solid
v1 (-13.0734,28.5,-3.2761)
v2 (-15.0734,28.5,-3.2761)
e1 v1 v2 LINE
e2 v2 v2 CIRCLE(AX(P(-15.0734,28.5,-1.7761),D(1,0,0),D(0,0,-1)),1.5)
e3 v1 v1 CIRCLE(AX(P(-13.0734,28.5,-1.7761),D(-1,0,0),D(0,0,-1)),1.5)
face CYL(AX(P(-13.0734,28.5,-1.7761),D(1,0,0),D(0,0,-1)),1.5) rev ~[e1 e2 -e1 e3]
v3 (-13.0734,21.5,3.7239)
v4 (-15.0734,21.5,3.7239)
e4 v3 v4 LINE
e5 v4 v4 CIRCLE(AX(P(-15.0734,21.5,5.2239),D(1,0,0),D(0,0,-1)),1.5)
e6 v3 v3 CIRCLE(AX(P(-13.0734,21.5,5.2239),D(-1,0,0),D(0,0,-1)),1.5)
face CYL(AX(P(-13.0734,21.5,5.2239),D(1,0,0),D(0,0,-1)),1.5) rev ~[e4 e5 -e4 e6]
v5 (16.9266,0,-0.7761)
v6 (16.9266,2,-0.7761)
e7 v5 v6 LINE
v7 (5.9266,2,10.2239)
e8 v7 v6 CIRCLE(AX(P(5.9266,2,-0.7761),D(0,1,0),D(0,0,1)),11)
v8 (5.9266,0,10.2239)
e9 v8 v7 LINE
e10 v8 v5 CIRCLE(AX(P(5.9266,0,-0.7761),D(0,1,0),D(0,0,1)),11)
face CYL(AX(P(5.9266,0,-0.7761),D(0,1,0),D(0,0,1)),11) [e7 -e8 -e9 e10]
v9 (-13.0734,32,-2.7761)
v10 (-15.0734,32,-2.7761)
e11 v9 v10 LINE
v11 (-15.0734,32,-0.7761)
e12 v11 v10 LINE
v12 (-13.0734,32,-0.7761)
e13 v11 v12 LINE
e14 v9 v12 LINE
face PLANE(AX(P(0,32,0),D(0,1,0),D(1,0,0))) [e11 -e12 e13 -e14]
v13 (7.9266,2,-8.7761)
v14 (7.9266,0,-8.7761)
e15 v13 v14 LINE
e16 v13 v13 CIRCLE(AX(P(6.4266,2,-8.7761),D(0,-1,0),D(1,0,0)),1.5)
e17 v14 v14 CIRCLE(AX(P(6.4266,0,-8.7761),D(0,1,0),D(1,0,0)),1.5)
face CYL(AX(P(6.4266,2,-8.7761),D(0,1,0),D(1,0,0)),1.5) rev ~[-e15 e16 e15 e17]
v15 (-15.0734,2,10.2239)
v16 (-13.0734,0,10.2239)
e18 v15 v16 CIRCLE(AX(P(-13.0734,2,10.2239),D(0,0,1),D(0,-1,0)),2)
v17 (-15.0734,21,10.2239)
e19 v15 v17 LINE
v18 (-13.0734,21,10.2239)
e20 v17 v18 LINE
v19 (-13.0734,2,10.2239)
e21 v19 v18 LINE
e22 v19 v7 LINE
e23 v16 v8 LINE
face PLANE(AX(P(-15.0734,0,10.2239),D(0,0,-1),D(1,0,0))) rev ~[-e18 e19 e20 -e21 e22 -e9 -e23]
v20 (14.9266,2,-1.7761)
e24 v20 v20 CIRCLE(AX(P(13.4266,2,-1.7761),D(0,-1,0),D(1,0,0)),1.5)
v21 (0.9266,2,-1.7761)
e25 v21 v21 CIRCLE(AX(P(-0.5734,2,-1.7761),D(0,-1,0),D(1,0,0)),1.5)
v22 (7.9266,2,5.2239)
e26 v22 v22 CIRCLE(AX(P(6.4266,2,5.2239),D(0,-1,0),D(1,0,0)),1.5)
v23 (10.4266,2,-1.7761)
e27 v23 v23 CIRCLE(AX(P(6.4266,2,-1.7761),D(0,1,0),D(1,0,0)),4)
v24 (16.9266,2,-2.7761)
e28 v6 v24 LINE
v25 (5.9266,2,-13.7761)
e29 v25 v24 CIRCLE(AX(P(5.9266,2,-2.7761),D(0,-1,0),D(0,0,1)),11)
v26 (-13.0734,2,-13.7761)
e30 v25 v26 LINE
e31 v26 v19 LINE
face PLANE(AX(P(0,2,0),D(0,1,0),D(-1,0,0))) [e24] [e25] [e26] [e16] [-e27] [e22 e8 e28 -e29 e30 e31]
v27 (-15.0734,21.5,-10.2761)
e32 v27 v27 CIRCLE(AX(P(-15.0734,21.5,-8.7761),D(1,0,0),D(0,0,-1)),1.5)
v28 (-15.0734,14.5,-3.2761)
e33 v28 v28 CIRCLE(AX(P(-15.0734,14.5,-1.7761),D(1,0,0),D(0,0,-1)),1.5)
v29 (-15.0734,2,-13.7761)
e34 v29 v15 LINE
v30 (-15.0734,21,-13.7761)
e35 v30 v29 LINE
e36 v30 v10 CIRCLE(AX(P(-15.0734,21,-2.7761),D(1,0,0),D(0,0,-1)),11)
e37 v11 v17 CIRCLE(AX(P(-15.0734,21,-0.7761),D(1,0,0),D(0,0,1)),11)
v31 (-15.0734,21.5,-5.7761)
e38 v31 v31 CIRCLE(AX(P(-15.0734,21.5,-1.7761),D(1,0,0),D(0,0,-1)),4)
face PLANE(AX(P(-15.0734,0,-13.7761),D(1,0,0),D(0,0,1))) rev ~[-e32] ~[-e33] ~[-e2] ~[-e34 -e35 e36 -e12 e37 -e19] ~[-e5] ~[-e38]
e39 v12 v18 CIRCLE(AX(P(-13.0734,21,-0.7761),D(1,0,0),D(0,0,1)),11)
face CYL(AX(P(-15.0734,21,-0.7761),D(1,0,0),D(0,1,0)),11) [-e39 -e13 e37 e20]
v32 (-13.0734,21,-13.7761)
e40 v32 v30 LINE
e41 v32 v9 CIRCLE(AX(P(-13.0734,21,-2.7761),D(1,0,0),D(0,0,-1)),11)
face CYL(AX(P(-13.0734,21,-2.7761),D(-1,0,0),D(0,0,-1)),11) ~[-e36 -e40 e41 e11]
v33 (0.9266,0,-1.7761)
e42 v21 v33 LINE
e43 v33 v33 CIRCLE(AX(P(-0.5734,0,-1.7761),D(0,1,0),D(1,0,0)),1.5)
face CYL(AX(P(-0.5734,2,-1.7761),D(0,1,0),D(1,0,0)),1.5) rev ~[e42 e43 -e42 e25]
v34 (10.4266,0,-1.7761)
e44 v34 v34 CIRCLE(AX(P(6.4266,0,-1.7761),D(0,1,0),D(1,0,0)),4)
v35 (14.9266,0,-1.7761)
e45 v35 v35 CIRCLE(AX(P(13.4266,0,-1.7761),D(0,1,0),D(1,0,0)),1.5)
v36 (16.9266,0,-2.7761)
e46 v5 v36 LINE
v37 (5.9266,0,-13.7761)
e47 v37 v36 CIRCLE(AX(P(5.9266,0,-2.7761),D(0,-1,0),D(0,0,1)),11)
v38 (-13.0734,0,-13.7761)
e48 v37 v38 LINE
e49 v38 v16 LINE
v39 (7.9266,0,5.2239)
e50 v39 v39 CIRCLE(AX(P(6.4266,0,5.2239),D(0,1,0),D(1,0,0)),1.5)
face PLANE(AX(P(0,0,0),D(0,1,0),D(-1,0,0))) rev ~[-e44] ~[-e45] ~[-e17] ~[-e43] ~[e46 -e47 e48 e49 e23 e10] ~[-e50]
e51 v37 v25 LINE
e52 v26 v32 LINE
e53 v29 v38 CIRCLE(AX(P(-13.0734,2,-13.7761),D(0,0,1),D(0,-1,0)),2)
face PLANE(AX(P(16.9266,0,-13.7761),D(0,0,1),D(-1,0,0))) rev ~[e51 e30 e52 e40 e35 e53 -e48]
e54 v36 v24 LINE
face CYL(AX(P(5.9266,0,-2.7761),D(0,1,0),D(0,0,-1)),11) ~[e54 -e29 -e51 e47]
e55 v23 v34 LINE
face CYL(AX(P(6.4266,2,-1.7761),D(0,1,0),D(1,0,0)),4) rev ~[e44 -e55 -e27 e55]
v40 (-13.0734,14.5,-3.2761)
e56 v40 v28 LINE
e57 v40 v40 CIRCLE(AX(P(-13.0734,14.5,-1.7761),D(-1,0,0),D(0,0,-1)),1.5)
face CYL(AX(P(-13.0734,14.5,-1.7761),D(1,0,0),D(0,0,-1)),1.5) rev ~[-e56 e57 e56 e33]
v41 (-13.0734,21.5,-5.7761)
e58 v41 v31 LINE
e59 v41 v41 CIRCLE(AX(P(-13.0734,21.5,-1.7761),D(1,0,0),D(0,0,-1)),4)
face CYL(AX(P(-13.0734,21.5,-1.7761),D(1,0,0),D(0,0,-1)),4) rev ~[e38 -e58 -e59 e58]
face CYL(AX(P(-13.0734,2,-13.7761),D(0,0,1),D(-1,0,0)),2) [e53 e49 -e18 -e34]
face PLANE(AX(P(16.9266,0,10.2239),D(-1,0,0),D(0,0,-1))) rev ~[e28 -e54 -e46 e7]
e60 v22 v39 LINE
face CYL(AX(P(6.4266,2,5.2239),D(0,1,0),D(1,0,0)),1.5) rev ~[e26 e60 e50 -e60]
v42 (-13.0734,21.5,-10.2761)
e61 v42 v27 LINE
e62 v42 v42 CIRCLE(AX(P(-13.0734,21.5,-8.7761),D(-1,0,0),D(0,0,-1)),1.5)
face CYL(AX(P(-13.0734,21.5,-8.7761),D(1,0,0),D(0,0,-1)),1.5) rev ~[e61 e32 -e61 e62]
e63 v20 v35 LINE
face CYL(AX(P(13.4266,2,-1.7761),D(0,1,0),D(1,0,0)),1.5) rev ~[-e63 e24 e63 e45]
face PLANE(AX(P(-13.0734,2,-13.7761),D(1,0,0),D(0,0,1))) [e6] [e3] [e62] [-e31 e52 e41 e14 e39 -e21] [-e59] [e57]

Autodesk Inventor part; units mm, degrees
ref_plane "YZ Plane" through (0, 0, 0) normal (1, 0, 0) x (0, 1, 0)
ref_plane "XZ Plane" through (0, 0, 0) normal (0, 1, 0) x (-1, 0, 0)
ref_plane "XY Plane" through (0, 0, 0) normal (0, 0, 1) x (1, 0, 0)
sketch "Эскиз1" plane through (0, 0, 0) normal (0, 1, 0) x (-1, 0, 0)
  line L0 (15.0734, 10.2239) -> (-16.9266, 10.2239)
  line L1 (-16.9266, 10.2239) -> (-16.9266, -13.7761)
  line L2 (-16.9266, -13.7761) -> (15.0734, -13.7761)
  line L3 (15.0734, -13.7761) -> (15.0734, 10.2239)
  point P0 (0, 0)
  dimension "d0" = 32
  dimension "d1" = 24
extrude "Выдавливание1" add sketch "Эскиз1" along normal blind 2
sketch "Эскиз2" plane through (0, 2, 0) normal (0, 1, 0) x (1, 0, 0)
  line L0 (16.9266, 13.7761) -> (-15.0734, 13.7761) projected
  line L1 (-15.0734, -10.2239) -> (16.9266, -10.2239) projected
  line L2 (-15.0734, 13.7761) -> (-13.0734, 13.7761)
  line L3 (-13.0734, 13.7761) -> (-13.0734, -10.2239)
  line L4 (-13.0734, -10.2239) -> (-15.0734, -10.2239)
  line L5 (-15.0734, -10.2239) -> (-15.0734, 13.7761)
  point P0 (0, 0)
  dimension "d4" = 2
extrude "Выдавливание2" add sketch "Эскиз2" along normal blind 30
sketch "Эскиз3" plane through (-13.0734, 2, 10.2239) normal (1, 0, 0) x (0, 0, -1)
  circle A0 centre (12, 19.5) radius 4
  circle A1 centre (12, 19.5) radius 7
  line L0 (24, 30) -> (0, 30) projected
  line L1 (24, 0) -> (24, 30) projected
  circle A2 centre (19, 19.5) radius 1.5
  circle A3 centre (12, 12.5) radius 1.5
  circle A4 centre (5, 19.5) radius 1.5
  circle A5 centre (12, 26.5) radius 1.5
  point P0 (10.2239, -2)
  point P1 (12, 30)
  dimension "d7" = 8
  dimension "d8" = 14
  dimension "d10" = 12
  dimension "d11" = 3
  dimension "d12" = 3
  dimension "d13" = 3
  dimension "d14" = 3
  dimension "d15" = 3.5
  dimension "d16" = 0
  dimension "d17" = 0
  dimension "d18" = 0
  dimension "d19" = 7
extrude "Выдавливание3" cut sketch "Эскиз3" against normal blind 100 contours A0 | A1 A2 | A1 A2 | A5 A1 | A1 A5 | A3 A1 | A1 A3 | A4 A1 | A1 A4
sketch "Эскиз4" plane through (0, 2, 0) normal (0, 1, 0) x (1, 0, 0)
  circle A0 centre (6.4266, 1.7761) radius 4
  circle A1 centre (6.4266, 1.7761) radius 7
  circle A2 centre (6.4266, -5.2239) radius 1.5
  circle A3 centre (6.4266, 8.7761) radius 1.5
  circle A4 centre (-0.5734, 1.7761) radius 1.5
  circle A5 centre (13.4266, 1.7761) radius 1.5
  line L0 (16.9266, -10.2239) -> (16.9266, 13.7761) projected
  line L1 (16.9266, 13.7761) -> (-13.0734, 13.7761) projected
  point P0 (0, 0)
  point P1 (16.9266, 1.7761)
  dimension "d22" = 8
  dimension "d23" = 14
  dimension "d24" = 3
  dimension "d25" = 3
  dimension "d26" = 3
  dimension "d27" = 3
  dimension "d29" = 12
  dimension "d30" = 3.5
extrude "Выдавливание4" cut sketch "Эскиз4" against normal blind 100 contours A0 | A1 A5 | A1 A5 | A3 A1 | A1 A3 | A2 A1 | A1 A2 | A4 A1 | A1 A4
fillet "Сопряжение1" radius 11 4 edges at (-14.0734, 32, 10.2239) (-14.0734, 32, -13.7761) (16.9266, 1, -13.7761) (16.9266, 1, 10.2239)
fillet "Сопряжение2" radius 2 1 edges at (-15.0734, 0, -1.7761)
properties part number "уголок" material "Сталь"
